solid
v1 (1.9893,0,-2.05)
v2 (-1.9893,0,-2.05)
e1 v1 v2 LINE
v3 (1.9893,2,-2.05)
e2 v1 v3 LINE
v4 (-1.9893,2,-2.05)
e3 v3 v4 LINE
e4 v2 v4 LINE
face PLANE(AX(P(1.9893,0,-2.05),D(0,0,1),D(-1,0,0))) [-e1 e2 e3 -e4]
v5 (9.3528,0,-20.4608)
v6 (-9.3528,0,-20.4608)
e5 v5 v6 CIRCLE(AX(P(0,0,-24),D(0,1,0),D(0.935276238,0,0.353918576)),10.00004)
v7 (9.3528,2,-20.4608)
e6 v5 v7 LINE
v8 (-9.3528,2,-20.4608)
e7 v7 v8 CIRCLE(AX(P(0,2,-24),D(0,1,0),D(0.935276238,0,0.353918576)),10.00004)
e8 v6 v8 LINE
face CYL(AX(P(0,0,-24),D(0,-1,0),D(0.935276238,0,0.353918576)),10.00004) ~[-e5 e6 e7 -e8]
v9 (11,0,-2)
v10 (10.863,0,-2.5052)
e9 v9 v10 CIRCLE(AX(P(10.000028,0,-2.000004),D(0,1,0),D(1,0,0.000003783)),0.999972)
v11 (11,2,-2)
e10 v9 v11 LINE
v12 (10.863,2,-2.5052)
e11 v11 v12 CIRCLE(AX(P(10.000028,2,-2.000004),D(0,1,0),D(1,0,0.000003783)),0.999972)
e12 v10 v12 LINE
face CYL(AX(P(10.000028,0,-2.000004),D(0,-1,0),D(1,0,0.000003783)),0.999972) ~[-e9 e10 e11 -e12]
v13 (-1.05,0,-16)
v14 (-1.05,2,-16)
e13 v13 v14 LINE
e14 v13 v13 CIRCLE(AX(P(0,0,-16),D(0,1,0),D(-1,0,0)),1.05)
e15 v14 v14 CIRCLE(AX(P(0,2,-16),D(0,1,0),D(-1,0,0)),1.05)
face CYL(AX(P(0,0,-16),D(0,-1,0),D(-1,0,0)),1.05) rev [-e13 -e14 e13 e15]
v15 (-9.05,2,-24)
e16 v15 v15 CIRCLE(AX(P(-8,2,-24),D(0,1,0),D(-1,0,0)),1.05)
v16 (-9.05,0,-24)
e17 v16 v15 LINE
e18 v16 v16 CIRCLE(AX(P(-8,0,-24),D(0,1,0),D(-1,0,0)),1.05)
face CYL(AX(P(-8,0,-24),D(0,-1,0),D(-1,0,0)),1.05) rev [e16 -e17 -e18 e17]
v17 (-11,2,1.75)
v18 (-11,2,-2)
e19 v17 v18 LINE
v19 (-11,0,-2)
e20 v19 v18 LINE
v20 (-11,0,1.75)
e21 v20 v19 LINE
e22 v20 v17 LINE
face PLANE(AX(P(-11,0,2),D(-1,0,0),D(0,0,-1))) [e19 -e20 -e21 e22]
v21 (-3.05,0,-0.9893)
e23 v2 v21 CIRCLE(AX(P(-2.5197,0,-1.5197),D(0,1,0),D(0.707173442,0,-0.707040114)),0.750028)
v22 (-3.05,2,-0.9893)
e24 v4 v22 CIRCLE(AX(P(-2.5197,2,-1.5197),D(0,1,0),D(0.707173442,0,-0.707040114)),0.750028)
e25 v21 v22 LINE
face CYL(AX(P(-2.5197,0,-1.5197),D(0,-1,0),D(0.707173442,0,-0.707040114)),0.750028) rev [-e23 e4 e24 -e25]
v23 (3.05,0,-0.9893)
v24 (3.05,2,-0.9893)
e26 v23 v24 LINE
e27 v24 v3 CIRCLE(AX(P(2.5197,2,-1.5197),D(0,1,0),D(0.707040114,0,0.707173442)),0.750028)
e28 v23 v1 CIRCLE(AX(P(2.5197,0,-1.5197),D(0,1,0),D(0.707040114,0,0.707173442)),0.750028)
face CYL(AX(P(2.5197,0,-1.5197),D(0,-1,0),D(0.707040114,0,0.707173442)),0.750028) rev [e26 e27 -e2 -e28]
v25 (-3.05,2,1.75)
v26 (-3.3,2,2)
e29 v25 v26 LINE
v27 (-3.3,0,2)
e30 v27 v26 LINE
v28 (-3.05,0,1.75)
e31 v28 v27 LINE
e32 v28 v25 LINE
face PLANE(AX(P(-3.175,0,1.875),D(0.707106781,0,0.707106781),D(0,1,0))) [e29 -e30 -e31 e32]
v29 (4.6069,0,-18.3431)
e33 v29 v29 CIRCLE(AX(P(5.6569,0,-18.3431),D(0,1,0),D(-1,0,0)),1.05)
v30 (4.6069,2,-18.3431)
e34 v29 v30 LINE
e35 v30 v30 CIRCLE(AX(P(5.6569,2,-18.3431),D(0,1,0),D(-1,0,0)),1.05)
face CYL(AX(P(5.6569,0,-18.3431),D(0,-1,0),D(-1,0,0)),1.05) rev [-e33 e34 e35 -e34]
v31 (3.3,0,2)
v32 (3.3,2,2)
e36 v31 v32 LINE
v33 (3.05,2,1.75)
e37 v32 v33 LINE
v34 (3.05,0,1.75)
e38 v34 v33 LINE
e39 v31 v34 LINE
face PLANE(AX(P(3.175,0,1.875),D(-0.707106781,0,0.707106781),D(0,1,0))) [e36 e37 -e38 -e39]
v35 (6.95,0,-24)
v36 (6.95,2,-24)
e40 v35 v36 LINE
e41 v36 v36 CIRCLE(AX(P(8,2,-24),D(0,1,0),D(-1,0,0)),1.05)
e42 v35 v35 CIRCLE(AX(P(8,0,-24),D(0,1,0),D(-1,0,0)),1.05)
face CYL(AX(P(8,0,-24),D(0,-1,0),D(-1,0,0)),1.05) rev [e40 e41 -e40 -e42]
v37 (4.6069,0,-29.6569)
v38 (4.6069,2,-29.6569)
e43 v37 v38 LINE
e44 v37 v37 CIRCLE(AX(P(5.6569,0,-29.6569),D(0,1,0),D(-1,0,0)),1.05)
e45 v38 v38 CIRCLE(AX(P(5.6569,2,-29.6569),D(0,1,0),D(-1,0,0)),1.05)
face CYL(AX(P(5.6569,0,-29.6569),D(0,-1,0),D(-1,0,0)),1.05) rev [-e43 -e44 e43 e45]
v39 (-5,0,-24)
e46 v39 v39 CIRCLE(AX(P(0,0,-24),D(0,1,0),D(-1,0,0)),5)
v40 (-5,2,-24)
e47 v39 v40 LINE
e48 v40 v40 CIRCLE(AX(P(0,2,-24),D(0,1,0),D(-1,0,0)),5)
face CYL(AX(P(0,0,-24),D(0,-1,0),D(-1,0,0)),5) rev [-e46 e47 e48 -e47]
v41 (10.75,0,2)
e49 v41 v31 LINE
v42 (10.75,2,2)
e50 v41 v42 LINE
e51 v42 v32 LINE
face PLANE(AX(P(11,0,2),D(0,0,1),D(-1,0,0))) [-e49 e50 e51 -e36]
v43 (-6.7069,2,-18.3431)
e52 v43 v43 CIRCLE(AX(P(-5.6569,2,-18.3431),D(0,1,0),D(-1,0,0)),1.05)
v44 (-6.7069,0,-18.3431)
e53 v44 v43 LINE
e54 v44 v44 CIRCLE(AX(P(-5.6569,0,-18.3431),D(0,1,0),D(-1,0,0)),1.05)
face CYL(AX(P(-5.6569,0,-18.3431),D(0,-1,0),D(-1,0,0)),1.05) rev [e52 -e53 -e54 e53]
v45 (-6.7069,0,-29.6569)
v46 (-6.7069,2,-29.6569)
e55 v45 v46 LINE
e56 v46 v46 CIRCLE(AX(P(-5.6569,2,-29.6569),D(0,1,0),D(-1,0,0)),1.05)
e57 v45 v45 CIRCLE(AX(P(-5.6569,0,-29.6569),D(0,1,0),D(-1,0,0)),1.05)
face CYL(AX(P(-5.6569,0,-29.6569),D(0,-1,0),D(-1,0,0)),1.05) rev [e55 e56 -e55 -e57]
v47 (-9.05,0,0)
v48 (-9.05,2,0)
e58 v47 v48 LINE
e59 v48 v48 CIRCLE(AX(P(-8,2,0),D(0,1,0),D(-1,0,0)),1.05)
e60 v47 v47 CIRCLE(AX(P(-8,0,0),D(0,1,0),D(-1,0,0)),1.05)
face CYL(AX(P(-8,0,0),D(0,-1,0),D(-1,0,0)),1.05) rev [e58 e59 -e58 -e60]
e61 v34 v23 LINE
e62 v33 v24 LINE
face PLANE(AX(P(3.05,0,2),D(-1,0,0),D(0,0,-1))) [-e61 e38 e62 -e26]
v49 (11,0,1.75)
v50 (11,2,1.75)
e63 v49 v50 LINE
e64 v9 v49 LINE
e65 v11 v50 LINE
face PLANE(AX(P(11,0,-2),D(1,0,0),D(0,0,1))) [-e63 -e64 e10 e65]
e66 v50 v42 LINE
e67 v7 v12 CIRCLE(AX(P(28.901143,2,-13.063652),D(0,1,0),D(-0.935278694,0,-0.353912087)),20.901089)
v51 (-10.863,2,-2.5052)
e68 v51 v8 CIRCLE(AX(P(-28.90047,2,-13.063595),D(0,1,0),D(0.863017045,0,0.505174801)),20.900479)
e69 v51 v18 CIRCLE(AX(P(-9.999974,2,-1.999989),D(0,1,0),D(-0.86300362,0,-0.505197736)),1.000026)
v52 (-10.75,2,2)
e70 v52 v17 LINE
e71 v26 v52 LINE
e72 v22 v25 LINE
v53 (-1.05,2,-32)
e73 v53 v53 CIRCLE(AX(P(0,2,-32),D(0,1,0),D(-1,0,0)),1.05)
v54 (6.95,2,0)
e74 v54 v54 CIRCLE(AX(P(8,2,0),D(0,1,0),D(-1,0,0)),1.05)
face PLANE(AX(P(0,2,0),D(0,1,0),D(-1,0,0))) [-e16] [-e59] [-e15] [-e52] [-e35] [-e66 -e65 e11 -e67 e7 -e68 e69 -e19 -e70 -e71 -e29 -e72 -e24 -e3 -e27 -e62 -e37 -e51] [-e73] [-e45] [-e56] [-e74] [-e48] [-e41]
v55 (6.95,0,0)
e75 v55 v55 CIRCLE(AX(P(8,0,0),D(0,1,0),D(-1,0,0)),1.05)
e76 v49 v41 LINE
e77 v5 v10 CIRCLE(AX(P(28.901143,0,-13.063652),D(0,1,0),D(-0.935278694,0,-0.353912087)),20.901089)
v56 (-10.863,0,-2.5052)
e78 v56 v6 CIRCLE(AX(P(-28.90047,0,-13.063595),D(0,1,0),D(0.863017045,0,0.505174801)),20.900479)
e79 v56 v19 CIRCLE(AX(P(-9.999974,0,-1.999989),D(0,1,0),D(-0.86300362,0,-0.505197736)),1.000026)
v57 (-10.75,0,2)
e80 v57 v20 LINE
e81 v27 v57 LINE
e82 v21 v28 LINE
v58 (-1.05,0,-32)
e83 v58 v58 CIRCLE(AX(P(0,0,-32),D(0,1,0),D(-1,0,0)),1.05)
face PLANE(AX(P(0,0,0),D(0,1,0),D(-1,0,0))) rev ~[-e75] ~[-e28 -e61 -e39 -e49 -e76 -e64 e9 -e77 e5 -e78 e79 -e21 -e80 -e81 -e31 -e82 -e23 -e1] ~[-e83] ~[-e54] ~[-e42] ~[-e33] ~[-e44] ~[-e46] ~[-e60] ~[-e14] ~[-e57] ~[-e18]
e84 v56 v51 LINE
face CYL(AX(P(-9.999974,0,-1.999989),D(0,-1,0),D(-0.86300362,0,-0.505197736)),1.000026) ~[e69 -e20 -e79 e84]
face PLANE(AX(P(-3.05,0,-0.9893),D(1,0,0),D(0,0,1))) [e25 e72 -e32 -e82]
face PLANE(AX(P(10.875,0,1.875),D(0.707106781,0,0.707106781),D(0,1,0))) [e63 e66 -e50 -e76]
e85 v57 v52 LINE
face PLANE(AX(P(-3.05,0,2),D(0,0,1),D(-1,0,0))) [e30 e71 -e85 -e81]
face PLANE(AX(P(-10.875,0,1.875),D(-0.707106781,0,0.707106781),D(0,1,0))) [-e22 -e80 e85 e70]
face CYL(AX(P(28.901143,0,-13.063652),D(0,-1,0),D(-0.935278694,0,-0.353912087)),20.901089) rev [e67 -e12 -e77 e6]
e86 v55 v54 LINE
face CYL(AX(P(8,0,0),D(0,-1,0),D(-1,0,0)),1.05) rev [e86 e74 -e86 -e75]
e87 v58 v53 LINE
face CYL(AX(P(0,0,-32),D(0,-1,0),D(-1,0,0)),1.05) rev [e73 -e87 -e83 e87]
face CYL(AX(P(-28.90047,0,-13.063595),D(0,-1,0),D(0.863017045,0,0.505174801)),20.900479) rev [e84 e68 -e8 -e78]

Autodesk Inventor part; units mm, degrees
ref_plane "YZ Plane" through (0, 0, 0) normal (1, 0, 0) x (0, 1, 0)
ref_plane "XZ Plane" through (0, 0, 0) normal (0, 1, 0) x (-1, 0, 0)
ref_plane "XY Plane" through (0, 0, 0) normal (0, 0, 1) x (1, 0, 0)
sketch "スケッチ1" plane through (0, 0, 0) normal (0, 1, 0) x (-1, 0, 0)
  line L0 (0, 0) -> (0, -24) construction
  circle A0 centre (0, -24) radius 5
  arc A1 (-9.3528, -20.4608) -> (9.3528, -20.4608) centre (0, -24) ccw
  line L1 (11, -2) -> (-11, -2) construction
  line L2 (-11, -2) -> (-11, 2)
  line L3 (11, 2) -> (11, -2)
  line L4 (11, 0) -> (-11, 0) construction
  circle A2 centre (8, 0) radius 1.05
  circle A3 centre (-8, 0) radius 1.05
  circle A4 centre (0, -24) radius 8 construction
  circle A5 centre (5.6569, -18.3431) radius 1.05
  circle A6 centre (0, -16) radius 1.05
  circle A7 centre (-5.6569, -18.3431) radius 1.05
  circle A8 centre (-8, -24) radius 1.05
  circle A9 centre (-5.6569, -29.6569) radius 1.05
  circle A10 centre (0, -32) radius 1.05
  circle A11 centre (5.6569, -29.6569) radius 1.05
  circle A12 centre (8, -24) radius 1.05
  line L5 (-3.05, 2) -> (-3.05, -0.9893)
  line L6 (-3.05, -2.05) -> (-1.9893, -2.05) construction
  arc A13 (1.9893, -2.05) -> (3.05, -0.9893) centre (2.5197, -1.5197) ccw
  line L7 (3.05, -2.05) -> (2.5197, -1.5197) construction
  line L8 (3.05, -0.9893) -> (3.05, 2)
  arc A14 (-3.05, -0.9893) -> (-1.9893, -2.05) centre (-2.5197, -1.5197) ccw
  line L9 (-3.05, -2.05) -> (-2.5197, -1.5197) construction
  line L10 (-3.05, -0.9893) -> (-3.05, -2.05) construction
  line L11 (-1.9893, -2.05) -> (1.9893, -2.05)
  line L12 (3.05, -0.9893) -> (3.05, -2.05) construction
  line L13 (1.9893, -2.05) -> (3.05, -2.05) construction
  line L14 (-11, 2) -> (-3.05, 2)
  line L15 (3.05, 2) -> (11, 2)
  arc A15 (10.863, -2.5052) -> (11, -2) centre (10, -2) ccw
  arc A16 (10.863, -2.5052) -> (9.3528, -20.4608) centre (28.9008, -13.0637) ccw
  line L16 (8, -6.3971) -> (8, -16.9723) construction
  arc A17 (-11, -2) -> (-10.863, -2.5052) centre (-10, -2) ccw
  arc A18 (-9.3528, -20.4608) -> (-10.863, -2.5052) centre (-28.9008, -13.0637) ccw
  dimension "d18" = 16
  dimension "d0" = 22
  dimension "d1" = 10
  dimension "d2" = 10
  dimension "d5" = 16
  dimension "d6" = 2.1
  dimension "d16" = 360
  dimension "d19" = 2.1
  dimension "d20" = 22
  dimension "d23" = 0.75
  dimension "d26" = 6.1
  dimension "d28" = 45
  dimension "d29" = 0.75
  dimension "d30" = 45
  dimension "d32" = 4
  dimension "d33" = 4.05
  dimension "d34" = 1
  dimension "d35" = 16
extrude "押し出し1" add sketch "スケッチ1" along normal blind 2
chamfer "面取り1" distance 0.25 angle 45 4 edges at (11, 1, 2) (-11, 1, 2) (-3.05, 1, 2) (3.05, 1, 2)
properties part number "tab_yaw_top"
